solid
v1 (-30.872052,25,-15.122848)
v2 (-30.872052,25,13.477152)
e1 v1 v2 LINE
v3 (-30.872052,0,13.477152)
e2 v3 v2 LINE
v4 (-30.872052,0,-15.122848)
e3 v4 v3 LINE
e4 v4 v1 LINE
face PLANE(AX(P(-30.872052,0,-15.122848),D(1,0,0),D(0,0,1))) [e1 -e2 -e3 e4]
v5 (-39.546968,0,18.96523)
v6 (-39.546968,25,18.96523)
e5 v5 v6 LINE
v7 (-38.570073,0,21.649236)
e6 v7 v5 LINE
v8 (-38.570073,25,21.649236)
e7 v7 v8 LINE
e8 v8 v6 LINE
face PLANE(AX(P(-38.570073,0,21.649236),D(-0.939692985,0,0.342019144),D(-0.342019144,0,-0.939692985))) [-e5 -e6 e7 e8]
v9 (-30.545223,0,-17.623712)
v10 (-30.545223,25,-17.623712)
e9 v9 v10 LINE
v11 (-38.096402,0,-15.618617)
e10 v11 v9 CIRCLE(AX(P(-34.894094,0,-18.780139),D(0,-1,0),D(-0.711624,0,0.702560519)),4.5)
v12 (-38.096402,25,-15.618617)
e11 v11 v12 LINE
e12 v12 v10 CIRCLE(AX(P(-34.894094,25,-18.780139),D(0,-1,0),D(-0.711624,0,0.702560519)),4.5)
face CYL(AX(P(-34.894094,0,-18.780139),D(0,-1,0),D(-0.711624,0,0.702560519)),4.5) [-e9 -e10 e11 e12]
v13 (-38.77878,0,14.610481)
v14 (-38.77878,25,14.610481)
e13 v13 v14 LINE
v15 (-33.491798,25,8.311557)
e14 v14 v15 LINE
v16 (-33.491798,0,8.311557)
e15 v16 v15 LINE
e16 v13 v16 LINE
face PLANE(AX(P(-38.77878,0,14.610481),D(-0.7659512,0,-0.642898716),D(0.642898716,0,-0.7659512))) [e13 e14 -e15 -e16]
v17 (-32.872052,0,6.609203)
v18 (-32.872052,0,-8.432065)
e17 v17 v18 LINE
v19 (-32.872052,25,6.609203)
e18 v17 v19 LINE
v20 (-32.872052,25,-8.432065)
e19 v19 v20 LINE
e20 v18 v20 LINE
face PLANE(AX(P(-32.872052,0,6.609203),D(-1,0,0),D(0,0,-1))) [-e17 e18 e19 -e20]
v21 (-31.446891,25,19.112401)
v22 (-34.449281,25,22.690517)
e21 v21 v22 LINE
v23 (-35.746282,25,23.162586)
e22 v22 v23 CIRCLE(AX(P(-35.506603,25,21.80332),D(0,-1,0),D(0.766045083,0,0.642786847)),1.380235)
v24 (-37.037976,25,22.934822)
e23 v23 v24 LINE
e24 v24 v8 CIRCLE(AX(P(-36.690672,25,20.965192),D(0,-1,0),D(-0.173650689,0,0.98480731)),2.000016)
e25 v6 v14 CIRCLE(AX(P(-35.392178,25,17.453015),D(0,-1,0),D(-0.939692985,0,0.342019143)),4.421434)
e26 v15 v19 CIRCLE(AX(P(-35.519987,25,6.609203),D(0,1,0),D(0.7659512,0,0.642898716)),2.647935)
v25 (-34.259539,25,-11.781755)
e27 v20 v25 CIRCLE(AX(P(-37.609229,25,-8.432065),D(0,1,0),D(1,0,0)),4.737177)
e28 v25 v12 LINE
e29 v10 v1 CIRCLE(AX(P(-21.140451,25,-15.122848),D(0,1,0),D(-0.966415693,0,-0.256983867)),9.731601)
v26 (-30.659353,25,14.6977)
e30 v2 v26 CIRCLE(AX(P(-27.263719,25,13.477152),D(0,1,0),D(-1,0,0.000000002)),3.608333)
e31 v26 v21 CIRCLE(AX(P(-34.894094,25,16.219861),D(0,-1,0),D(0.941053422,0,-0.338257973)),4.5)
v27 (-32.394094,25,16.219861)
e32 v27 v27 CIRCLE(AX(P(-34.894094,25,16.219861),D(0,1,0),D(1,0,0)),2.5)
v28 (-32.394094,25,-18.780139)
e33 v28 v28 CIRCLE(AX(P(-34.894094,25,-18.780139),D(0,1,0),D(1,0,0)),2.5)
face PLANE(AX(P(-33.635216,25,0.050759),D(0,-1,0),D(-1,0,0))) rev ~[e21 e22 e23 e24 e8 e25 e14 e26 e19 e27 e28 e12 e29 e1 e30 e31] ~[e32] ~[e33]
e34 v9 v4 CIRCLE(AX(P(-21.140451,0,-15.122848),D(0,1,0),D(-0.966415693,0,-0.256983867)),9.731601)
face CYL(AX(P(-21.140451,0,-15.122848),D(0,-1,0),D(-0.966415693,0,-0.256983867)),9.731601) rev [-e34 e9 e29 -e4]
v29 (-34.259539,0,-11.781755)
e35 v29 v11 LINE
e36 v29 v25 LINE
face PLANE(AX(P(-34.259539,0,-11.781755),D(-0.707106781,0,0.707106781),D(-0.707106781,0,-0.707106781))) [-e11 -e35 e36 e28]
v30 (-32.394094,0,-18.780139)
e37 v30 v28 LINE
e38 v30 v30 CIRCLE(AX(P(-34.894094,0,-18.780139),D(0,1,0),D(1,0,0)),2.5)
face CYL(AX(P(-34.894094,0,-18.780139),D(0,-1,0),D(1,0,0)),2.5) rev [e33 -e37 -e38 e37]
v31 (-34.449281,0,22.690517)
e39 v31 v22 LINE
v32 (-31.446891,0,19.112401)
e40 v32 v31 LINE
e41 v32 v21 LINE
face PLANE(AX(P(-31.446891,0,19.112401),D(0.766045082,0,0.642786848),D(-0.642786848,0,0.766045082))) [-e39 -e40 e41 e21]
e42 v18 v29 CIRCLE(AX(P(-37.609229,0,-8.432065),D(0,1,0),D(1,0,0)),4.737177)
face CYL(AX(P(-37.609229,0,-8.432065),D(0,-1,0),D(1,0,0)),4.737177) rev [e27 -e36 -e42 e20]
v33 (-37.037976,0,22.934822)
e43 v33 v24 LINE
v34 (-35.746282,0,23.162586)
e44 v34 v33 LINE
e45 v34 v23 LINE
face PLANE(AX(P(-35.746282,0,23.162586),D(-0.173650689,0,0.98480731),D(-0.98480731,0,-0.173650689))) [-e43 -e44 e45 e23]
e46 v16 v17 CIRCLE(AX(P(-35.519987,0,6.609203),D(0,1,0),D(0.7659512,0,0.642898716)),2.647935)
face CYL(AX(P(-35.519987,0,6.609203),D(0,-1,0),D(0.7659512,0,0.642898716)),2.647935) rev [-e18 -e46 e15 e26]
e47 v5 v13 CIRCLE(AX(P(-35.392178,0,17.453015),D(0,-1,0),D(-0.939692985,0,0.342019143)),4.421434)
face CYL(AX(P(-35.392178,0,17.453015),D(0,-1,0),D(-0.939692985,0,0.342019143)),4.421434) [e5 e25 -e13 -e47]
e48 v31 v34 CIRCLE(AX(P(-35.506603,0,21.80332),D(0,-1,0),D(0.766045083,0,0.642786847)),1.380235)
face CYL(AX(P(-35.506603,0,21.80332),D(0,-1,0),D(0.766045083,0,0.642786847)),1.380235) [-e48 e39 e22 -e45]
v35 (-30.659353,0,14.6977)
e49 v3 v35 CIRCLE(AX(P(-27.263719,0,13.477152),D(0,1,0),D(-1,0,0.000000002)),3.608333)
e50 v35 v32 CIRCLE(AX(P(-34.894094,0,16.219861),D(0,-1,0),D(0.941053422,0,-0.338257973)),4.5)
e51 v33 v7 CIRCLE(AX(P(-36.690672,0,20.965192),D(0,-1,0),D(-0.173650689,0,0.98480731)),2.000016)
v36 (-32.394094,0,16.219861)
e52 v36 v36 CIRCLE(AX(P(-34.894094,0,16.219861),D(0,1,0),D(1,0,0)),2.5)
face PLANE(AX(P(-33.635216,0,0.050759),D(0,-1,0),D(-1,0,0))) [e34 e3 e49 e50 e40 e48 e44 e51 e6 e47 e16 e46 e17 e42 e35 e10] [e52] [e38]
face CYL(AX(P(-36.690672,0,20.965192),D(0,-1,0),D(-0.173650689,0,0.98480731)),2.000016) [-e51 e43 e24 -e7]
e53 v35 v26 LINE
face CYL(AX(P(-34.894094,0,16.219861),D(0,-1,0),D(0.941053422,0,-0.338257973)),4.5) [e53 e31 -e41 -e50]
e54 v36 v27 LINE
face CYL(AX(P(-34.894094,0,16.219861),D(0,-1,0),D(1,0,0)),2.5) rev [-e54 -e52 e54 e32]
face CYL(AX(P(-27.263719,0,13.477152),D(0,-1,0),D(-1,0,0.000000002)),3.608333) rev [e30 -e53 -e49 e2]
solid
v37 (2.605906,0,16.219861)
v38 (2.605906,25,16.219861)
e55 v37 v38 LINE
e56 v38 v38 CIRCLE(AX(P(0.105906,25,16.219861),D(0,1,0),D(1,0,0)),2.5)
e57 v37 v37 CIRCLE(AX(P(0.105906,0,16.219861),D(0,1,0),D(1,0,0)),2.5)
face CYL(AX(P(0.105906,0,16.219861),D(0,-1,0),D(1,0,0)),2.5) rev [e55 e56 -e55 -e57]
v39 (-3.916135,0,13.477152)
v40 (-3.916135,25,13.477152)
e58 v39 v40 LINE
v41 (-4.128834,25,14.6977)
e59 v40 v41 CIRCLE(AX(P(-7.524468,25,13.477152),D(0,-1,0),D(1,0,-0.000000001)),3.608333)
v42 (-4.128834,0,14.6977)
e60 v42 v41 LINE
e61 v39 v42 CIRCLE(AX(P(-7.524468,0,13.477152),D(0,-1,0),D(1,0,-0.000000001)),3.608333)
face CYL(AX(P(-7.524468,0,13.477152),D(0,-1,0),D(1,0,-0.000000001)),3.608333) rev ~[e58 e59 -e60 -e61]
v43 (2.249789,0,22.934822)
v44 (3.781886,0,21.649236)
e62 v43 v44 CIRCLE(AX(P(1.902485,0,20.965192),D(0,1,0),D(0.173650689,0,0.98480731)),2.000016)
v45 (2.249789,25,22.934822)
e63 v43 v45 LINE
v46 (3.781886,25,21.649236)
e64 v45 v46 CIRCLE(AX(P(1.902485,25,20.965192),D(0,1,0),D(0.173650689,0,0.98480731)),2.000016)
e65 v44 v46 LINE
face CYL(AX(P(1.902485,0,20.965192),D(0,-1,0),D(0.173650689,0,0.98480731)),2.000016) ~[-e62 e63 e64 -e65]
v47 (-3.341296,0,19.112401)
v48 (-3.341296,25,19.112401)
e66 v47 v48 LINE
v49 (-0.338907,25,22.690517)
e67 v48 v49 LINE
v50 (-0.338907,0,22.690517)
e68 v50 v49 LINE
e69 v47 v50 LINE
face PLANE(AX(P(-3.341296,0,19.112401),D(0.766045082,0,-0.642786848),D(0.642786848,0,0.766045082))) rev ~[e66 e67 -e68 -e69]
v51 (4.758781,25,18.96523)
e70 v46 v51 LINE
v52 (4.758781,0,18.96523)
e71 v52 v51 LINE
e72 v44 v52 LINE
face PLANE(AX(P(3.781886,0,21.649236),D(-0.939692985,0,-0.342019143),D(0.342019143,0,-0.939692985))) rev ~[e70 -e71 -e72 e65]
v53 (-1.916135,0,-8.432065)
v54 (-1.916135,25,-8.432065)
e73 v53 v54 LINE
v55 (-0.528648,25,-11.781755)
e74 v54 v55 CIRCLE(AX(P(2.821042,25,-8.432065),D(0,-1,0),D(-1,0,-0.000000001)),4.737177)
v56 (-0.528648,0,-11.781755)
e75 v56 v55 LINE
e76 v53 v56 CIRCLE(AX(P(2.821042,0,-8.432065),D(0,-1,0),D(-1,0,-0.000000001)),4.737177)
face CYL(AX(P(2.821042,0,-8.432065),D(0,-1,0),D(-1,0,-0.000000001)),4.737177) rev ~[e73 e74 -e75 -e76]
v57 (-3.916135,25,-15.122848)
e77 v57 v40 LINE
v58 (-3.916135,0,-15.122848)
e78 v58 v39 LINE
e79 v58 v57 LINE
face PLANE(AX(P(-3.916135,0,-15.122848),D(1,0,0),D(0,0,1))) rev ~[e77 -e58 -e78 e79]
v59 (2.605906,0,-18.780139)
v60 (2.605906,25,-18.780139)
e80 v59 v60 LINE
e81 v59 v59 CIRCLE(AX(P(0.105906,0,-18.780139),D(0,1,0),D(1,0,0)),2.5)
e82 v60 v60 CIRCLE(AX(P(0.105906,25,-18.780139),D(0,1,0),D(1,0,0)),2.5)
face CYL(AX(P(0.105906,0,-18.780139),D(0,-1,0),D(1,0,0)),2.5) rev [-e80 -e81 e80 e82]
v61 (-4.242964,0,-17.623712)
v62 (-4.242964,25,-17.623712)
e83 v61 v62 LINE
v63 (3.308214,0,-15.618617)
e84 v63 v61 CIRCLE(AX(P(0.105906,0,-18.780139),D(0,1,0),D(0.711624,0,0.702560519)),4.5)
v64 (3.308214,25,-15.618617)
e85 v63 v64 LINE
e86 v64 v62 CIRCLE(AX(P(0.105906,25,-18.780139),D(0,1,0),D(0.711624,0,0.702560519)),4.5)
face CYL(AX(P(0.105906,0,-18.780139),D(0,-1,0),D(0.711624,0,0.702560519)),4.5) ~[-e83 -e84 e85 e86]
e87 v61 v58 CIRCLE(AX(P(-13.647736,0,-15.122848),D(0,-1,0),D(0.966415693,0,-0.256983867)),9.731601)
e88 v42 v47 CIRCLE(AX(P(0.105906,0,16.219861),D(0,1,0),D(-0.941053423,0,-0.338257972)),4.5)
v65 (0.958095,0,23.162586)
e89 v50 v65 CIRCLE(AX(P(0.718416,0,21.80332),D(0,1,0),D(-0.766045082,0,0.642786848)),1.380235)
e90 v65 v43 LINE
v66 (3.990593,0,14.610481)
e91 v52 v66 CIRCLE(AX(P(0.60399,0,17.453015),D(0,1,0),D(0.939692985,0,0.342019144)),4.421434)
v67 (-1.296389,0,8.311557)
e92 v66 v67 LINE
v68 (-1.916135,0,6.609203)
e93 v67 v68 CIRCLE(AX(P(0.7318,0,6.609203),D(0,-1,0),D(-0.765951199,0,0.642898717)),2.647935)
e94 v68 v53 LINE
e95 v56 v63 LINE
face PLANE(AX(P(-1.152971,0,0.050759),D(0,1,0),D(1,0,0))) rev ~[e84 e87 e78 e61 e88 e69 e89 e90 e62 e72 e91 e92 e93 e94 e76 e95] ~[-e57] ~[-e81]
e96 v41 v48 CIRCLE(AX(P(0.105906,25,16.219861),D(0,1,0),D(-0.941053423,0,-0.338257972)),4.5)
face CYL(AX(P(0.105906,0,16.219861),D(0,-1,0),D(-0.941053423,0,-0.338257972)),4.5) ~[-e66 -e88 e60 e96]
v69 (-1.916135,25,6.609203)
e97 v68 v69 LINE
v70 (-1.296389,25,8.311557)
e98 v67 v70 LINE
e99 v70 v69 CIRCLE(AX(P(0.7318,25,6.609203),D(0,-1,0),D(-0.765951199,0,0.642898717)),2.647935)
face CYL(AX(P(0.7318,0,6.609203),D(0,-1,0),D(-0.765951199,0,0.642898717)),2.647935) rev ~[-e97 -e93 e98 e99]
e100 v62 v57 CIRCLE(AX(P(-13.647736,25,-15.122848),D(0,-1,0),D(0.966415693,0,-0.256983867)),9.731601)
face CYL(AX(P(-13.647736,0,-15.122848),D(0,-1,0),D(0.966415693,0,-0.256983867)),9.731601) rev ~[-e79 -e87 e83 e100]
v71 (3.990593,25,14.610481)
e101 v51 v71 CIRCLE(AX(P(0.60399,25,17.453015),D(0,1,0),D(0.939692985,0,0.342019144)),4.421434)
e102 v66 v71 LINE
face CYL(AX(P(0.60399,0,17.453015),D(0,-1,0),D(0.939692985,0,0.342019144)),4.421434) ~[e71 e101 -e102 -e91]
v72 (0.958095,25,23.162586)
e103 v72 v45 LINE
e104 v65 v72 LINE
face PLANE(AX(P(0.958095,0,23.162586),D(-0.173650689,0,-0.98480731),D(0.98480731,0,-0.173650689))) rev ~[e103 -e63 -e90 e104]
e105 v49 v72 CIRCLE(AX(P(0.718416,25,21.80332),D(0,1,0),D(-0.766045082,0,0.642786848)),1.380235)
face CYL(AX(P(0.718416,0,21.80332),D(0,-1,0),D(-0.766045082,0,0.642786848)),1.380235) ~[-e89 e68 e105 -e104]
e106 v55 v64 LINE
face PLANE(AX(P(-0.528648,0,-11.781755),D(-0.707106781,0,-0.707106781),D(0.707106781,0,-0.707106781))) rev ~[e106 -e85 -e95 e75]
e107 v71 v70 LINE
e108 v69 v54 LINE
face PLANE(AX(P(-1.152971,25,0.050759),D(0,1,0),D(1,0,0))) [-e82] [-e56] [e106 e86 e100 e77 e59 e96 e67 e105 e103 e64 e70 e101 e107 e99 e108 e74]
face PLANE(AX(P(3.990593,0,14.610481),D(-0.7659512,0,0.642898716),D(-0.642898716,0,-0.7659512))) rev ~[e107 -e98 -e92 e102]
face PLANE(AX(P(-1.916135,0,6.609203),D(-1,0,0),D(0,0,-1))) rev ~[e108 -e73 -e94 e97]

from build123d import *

# Parameters (mm, degrees)
SKETCH1_R             = 2.5
BOSS_EXTRUDE1_DEPTH   = 25
BOSS_EXTRUDE1_2_DEPTH = 25


with BuildPart() as part:
    # Sketch1 → Boss-Extrude1 (new body)
    with BuildSketch(Plane(origin=(0, 0, 0), x_dir=(1, 0, 0), z_dir=(0, 1, 0))):
        with BuildLine():
            Line((-3.341296497, -19.112401329), (-0.3389066, -22.6905175))
            ThreePointArc((-0.3389066, -22.6905175), (0.246348597, -23.100317695), (0.958094672, -23.162586214))
            Line((0.958094672, -23.162586214), (2.249788922, -22.934822271))
            ThreePointArc((2.249788922, -22.934822271), (3.188072996, -22.497290733), (3.781885701, -21.649235711))
            Line((3.781885701, -21.649235711), (4.758780701, -18.965229871))
            ThreePointArc((4.758780701, -18.965229871), (4.958196561, -16.68492284), (3.9905929, -14.610480748))
            Line((3.9905929, -14.610480748), (-1.296389221, -8.311556522))
            ThreePointArc((-1.296389221, -8.311556522), (-1.75637948, -7.515030148), (-1.916135173, -6.609202669))
            Line((-1.916135173, -6.609202669), (-1.916135173, 8.432064567))
            ThreePointArc((-1.916135173, 8.432064567), (-1.55553903, 10.244903795), (-0.528648097, 11.781754684))
            Line((-0.528648097, 11.781754684), (3.308214372, 15.618617153))
            ThreePointArc((3.308214372, 15.618617153), (1.260788565, 23.129420707), (-4.242964246, 17.623712083))
            ThreePointArc((-4.242964246, 17.623712083), (-3.998188362, 16.383912683), (-3.916135173, 15.122847633))
            Line((-3.916135173, 15.122847633), (-3.916135173, -13.477152367))
            ThreePointArc((-3.916135173, -13.477152367), (-3.969707578, -14.096623199), (-4.12883403, -14.697699638))
            ThreePointArc((-4.12883403, -14.697699638), (-4.32415693, -17.010138399), (-3.341296497, -19.112401329))
        make_face()
        with Locations((0.105906372, 18.780139488)):
            Circle(SKETCH1_R, mode=Mode.SUBTRACT)
        with Locations((0.105906372, -16.219860512)):
            Circle(SKETCH1_R, mode=Mode.SUBTRACT)
    extrude(amount=BOSS_EXTRUDE1_DEPTH)


with BuildPart() as body_2:
    # Sketch1 → Boss-Extrude1 2 (new body)
    with BuildSketch(Plane(origin=(0, 0, 0), x_dir=(1, 0, 0), z_dir=(0, 1, 0))):
        with BuildLine():
            Line((-30.872052083, 15.122847633), (-30.872052083, -13.477152367))
            ThreePointArc((-30.872052083, -13.477152367), (-30.818479677, -14.096623199), (-30.659353226, -14.697699638))
            ThreePointArc((-30.659353226, -14.697699638), (-30.464030325, -17.010138399), (-31.446890758, -19.112401329))
            Line((-31.446890758, -19.112401329), (-34.449280656, -22.6905175))
            ThreePointArc((-34.449280656, -22.6905175), (-35.034535852, -23.100317695), (-35.746281927, -23.162586214))
            Line((-35.746281927, -23.162586214), (-37.037976177, -22.934822271))
            ThreePointArc((-37.037976177, -22.934822271), (-37.976260251, -22.497290733), (-38.570072956, -21.649235711))
            Line((-38.570072956, -21.649235711), (-39.546967957, -18.965229871))
            ThreePointArc((-39.546967957, -18.965229871), (-39.746383816, -16.68492284), (-38.778780155, -14.610480748))
            Line((-38.778780155, -14.610480748), (-33.491798034, -8.311556522))
            ThreePointArc((-33.491798034, -8.311556522), (-33.031807776, -7.515030148), (-32.872052083, -6.609202669))
            Line((-32.872052083, -6.609202669), (-32.872052083, 8.432064567))
            ThreePointArc((-32.872052083, 8.432064567), (-33.232648225, 10.244903795), (-34.259539159, 11.781754684))
            Line((-34.259539159, 11.781754684), (-38.096401628, 15.618617153))
            ThreePointArc((-38.096401628, 15.618617153), (-36.04897582, 23.129420707), (-30.545223009, 17.623712083))
            ThreePointArc((-30.545223009, 17.623712083), (-30.789998893, 16.383912683), (-30.872052083, 15.122847633))
        make_face()
        with Locations((-34.894093628, -16.219860512)):
            Circle(SKETCH1_R, mode=Mode.SUBTRACT)
        with Locations((-34.894093628, 18.780139488)):
            Circle(SKETCH1_R, mode=Mode.SUBTRACT)
    extrude(amount=BOSS_EXTRUDE1_2_DEPTH)


solid = Compound([part.part, body_2.part])
